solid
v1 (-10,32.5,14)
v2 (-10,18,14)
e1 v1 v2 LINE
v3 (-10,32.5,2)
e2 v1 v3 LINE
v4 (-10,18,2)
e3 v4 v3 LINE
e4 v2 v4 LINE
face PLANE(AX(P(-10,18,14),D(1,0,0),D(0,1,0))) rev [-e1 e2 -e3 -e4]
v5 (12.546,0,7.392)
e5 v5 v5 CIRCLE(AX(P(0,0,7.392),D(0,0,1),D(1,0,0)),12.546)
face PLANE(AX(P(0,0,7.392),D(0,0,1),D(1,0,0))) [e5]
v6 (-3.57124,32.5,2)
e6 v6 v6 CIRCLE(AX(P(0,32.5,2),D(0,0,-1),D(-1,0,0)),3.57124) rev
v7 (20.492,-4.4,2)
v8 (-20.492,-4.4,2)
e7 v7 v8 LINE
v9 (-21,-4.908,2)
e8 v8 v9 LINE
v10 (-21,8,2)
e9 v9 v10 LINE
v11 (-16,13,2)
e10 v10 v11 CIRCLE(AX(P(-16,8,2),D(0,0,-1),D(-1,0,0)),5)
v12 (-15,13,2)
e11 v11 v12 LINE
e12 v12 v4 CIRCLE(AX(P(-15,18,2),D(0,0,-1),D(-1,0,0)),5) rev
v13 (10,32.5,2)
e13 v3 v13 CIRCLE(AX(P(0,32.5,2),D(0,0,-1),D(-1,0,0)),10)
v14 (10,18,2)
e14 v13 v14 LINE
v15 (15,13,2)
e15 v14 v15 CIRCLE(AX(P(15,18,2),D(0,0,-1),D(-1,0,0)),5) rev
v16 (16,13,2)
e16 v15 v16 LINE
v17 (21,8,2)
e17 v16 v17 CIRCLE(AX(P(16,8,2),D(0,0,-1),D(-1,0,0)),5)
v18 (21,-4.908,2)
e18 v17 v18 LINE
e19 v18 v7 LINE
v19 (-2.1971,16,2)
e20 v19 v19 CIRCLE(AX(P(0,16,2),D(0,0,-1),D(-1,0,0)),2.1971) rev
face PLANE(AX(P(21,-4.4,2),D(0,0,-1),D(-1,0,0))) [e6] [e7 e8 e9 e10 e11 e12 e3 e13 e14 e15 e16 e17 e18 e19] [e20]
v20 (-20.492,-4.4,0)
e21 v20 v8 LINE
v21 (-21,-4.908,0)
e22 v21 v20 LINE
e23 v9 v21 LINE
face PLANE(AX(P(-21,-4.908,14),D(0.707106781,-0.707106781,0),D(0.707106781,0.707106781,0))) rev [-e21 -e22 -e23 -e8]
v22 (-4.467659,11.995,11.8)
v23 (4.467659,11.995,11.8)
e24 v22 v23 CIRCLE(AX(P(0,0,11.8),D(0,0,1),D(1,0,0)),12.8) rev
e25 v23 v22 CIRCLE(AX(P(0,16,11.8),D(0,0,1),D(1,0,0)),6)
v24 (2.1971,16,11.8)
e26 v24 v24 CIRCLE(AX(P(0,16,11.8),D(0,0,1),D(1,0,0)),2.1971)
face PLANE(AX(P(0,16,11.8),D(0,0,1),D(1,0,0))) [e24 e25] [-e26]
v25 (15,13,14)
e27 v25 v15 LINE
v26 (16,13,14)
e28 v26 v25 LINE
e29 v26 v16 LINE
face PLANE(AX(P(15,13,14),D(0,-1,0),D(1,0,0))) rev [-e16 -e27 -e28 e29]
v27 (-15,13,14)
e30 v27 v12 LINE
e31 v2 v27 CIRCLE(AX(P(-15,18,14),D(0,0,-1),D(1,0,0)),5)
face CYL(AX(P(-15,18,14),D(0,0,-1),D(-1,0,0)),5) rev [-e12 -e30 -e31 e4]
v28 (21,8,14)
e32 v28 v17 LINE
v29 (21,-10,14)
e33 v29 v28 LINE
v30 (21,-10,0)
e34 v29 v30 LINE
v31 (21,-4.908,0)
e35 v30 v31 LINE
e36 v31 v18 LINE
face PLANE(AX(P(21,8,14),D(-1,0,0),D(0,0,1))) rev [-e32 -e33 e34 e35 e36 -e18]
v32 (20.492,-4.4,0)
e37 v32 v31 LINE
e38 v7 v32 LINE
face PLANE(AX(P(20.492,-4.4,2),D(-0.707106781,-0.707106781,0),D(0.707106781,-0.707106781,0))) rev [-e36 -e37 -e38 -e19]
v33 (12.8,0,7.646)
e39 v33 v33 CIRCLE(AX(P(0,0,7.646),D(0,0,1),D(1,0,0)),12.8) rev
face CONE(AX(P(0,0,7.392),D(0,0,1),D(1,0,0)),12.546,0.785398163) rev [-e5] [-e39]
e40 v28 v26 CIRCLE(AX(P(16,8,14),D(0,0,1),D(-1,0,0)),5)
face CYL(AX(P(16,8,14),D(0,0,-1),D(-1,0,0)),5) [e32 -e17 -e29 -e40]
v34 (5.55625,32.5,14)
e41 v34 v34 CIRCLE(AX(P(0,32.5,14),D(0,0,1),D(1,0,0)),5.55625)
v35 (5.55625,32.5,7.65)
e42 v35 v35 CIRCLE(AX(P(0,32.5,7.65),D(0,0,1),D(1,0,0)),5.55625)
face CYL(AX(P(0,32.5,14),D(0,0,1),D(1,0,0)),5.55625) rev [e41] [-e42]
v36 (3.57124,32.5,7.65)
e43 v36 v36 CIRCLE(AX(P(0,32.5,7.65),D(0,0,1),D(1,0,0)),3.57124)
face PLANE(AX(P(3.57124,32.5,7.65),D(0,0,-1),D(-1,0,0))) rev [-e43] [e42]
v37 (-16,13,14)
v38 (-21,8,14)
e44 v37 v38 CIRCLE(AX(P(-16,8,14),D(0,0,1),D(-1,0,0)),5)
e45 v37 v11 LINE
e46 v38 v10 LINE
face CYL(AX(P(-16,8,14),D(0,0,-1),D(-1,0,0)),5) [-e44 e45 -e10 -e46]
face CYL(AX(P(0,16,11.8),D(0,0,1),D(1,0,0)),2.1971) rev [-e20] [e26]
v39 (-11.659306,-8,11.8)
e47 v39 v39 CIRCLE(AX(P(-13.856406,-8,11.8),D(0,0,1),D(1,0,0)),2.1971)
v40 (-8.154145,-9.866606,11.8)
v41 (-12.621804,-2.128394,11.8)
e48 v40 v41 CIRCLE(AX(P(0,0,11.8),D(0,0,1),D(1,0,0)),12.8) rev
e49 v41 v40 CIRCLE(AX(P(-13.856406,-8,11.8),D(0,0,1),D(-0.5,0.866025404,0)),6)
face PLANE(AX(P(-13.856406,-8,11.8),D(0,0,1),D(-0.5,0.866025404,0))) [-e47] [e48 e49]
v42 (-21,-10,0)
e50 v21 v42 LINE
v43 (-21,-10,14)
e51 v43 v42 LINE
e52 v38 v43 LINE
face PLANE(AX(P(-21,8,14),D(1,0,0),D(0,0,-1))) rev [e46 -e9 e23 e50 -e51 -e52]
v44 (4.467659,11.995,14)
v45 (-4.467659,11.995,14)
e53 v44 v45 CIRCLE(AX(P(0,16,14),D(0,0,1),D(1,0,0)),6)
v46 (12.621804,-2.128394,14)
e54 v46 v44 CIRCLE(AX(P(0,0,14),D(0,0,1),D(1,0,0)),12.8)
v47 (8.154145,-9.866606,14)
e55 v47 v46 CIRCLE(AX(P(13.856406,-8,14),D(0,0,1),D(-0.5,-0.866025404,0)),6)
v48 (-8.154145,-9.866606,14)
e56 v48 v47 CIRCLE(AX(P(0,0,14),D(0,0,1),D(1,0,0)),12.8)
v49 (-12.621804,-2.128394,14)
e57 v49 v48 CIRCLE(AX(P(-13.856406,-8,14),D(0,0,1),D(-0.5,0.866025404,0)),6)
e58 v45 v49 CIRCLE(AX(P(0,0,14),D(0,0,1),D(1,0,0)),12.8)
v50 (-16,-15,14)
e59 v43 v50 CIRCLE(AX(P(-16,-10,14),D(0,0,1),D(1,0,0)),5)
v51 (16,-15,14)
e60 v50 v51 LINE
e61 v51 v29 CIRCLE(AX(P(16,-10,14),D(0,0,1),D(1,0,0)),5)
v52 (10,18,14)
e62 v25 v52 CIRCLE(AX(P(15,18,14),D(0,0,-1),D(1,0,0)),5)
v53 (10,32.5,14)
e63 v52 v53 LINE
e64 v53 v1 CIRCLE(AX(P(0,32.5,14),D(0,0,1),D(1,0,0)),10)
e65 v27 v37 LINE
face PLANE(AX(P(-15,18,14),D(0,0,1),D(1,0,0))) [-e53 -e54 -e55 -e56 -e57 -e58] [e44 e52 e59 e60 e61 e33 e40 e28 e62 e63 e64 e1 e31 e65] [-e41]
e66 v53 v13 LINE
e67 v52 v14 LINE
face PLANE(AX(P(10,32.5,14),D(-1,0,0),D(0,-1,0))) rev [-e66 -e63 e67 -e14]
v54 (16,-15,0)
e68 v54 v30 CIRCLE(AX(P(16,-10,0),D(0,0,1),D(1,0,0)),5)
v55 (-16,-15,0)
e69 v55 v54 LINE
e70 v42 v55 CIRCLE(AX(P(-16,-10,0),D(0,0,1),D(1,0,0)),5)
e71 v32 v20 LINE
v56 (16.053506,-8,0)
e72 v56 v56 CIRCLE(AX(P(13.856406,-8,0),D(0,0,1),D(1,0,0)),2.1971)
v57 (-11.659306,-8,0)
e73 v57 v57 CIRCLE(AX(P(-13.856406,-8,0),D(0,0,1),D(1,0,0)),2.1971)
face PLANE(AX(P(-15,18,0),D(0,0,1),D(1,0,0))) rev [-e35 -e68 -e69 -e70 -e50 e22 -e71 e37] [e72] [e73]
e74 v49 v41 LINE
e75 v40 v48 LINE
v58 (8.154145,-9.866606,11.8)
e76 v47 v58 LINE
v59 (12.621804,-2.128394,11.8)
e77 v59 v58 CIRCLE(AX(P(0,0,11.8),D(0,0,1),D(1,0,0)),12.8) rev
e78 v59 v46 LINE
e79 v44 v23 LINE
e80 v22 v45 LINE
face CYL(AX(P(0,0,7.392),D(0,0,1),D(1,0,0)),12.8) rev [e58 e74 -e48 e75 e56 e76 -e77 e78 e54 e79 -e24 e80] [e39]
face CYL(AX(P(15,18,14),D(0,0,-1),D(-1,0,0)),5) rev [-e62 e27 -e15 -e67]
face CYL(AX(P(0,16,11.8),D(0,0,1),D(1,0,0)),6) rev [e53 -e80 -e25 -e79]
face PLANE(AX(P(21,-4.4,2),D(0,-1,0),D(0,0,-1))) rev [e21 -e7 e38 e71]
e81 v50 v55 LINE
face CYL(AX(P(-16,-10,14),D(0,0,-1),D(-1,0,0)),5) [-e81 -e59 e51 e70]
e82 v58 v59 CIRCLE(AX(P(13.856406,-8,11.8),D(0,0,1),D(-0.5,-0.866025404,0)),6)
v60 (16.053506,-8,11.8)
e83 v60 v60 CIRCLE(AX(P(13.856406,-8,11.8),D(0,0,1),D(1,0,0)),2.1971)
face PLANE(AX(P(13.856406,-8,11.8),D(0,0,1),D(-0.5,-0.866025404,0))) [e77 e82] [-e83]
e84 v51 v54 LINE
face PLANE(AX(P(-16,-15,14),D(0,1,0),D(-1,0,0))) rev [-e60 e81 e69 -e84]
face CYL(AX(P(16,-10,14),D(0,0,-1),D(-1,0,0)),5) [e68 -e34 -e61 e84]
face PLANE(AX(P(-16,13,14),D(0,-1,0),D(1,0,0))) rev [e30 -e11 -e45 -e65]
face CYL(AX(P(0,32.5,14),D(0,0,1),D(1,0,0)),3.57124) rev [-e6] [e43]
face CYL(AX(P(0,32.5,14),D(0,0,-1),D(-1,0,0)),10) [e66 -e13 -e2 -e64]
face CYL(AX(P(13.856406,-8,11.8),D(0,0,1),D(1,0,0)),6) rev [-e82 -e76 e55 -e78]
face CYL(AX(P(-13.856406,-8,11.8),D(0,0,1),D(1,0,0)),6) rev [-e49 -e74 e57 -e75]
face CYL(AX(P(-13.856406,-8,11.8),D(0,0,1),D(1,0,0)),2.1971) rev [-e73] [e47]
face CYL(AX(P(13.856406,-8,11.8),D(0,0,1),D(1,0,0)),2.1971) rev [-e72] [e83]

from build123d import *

# Parameters (mm, degrees)
BOSS_EXTRUDE1_DEPTH                              = 14
SKETCH2_R                                        = 12.8
CUT_EXTRUDE1_DEPTH                               = 6.608
CBORE_FOR_1_4_SOCKET_HEAD_CAP_SCREW1_D           = 7.14248
CBORE_FOR_1_4_SOCKET_HEAD_CAP_SCREW1_CBORE_D     = 11.1125
CBORE_FOR_1_4_SOCKET_HEAD_CAP_SCREW1_CBORE_DEPTH = 6.35
SKETCH5_R                                        = 6
CUT_EXTRUDE2_DEPTH                               = 2.2
CIRPATTERN2_COUNT                                = 3
TAPPED_HOLE_FOR_8_32_HELICOIL1_D                 = 4.3942
TAPPED_HOLE_FOR_8_32_HELICOIL1_DEPTH             = 13.322
TAPPED_HOLE_FOR_8_32_HELICOIL1_TIP               = 1.320150866
SKETCH8_W                                        = 42
SKETCH8_H                                        = 46.9
CUT_EXTRUDE3_DEPTH                               = 2
CHAMFER1_SIZE                                    = 0.508
CHAMFER2_SIZE                                    = 0.254


with BuildPart() as part:
    # Sketch1 → Boss-Extrude1 (new body)
    with BuildSketch(Plane.XY):
        with BuildLine():
            Line((-10, 18), (-10, 32.5))
            ThreePointArc((-10, 32.5), (0, 42.5), (10, 32.5))
            Line((10, 32.5), (10, 18))
            ThreePointArc((10, 18), (11.464466094, 14.464466094), (15, 13))
            Line((15, 13), (16, 13))
            ThreePointArc((16, 13), (19.535533906, 11.535533906), (21, 8))
            Line((21, 8), (21, -10))
            ThreePointArc((21, -10), (19.535533906, -13.535533906), (16, -15))
            Line((16, -15), (-16, -15))
            ThreePointArc((-16, -15), (-19.535533906, -13.535533906), (-21, -10))
            Line((-21, -10), (-21, 8))
            ThreePointArc((-21, 8), (-19.535533906, 11.535533906), (-16, 13))
            Line((-16, 13), (-15, 13))
            ThreePointArc((-15, 13), (-11.464466094, 14.464466094), (-10, 18))
        make_face()
    extrude(amount=BOSS_EXTRUDE1_DEPTH)

    # Sketch2 → Cut-Extrude1 (cut)
    with BuildSketch(Plane.XY.offset(14)):
        Circle(SKETCH2_R)
    extrude(amount=-CUT_EXTRUDE1_DEPTH, mode=Mode.SUBTRACT)

    # CBORE for 1_4 Socket Head Cap Screw1 (through all)
    with Locations(Plane.XY.offset(14)):
        with Locations((0, 32.5)):
            CounterBoreHole(CBORE_FOR_1_4_SOCKET_HEAD_CAP_SCREW1_D / 2, CBORE_FOR_1_4_SOCKET_HEAD_CAP_SCREW1_CBORE_D / 2, CBORE_FOR_1_4_SOCKET_HEAD_CAP_SCREW1_CBORE_DEPTH)

    # Sketch5 → Cut-Extrude2 (cut)
    with BuildSketch(Plane.XY.offset(14)):
        with Locations((0, 16)):
            Circle(SKETCH5_R)
    cut_extrude2 = extrude(amount=-CUT_EXTRUDE2_DEPTH, mode=Mode.SUBTRACT)

    # CirPattern2: Cut-Extrude2 ×3 about axis
    cirpattern2_axis = Axis((0, 0, 0), (0, 0, 1))
    for i in range(1, CIRPATTERN2_COUNT):
        add(cut_extrude2.rotate(cirpattern2_axis, i * 360 / CIRPATTERN2_COUNT), mode=Mode.SUBTRACT)

    # Tapped Hole for _8-32 Helicoil1
    with Locations(Plane.XY.offset(11.8)):
        with Locations((0, 16), (-13.856406461, -8), (13.856406461, -8)):
            Hole(TAPPED_HOLE_FOR_8_32_HELICOIL1_D / 2, depth=TAPPED_HOLE_FOR_8_32_HELICOIL1_DEPTH)
            with Locations((0, 0, -(TAPPED_HOLE_FOR_8_32_HELICOIL1_DEPTH + TAPPED_HOLE_FOR_8_32_HELICOIL1_TIP / 2))):  # 118° drill point
                Cone(0, TAPPED_HOLE_FOR_8_32_HELICOIL1_D / 2, TAPPED_HOLE_FOR_8_32_HELICOIL1_TIP, mode=Mode.SUBTRACT)

    # Sketch8 → Cut-Extrude3 (cut)
    with BuildSketch(Plane(origin=(0, 0, 0), x_dir=(-1, 0, 0), z_dir=(0, 0, -1))):
        with Locations((0, 19.05)):
            Rectangle(SKETCH8_W, SKETCH8_H)
    extrude(amount=-CUT_EXTRUDE3_DEPTH, mode=Mode.SUBTRACT)

    # Chamfer1
    chamfer1_edges = [part.edges().sort_by_distance(p)[0] for p in [
        (21, -4.4, 1),
        (-21, -4.4, 1),
    ]]
    chamfer(chamfer1_edges, length=CHAMFER1_SIZE)

    # Chamfer2
    chamfer2_edges = [part.edges().sort_by_distance(p)[0] for p in [
        (-12.8, 0, 7.392),
    ]]
    chamfer(chamfer2_edges, length=CHAMFER2_SIZE)


solid = part.part
